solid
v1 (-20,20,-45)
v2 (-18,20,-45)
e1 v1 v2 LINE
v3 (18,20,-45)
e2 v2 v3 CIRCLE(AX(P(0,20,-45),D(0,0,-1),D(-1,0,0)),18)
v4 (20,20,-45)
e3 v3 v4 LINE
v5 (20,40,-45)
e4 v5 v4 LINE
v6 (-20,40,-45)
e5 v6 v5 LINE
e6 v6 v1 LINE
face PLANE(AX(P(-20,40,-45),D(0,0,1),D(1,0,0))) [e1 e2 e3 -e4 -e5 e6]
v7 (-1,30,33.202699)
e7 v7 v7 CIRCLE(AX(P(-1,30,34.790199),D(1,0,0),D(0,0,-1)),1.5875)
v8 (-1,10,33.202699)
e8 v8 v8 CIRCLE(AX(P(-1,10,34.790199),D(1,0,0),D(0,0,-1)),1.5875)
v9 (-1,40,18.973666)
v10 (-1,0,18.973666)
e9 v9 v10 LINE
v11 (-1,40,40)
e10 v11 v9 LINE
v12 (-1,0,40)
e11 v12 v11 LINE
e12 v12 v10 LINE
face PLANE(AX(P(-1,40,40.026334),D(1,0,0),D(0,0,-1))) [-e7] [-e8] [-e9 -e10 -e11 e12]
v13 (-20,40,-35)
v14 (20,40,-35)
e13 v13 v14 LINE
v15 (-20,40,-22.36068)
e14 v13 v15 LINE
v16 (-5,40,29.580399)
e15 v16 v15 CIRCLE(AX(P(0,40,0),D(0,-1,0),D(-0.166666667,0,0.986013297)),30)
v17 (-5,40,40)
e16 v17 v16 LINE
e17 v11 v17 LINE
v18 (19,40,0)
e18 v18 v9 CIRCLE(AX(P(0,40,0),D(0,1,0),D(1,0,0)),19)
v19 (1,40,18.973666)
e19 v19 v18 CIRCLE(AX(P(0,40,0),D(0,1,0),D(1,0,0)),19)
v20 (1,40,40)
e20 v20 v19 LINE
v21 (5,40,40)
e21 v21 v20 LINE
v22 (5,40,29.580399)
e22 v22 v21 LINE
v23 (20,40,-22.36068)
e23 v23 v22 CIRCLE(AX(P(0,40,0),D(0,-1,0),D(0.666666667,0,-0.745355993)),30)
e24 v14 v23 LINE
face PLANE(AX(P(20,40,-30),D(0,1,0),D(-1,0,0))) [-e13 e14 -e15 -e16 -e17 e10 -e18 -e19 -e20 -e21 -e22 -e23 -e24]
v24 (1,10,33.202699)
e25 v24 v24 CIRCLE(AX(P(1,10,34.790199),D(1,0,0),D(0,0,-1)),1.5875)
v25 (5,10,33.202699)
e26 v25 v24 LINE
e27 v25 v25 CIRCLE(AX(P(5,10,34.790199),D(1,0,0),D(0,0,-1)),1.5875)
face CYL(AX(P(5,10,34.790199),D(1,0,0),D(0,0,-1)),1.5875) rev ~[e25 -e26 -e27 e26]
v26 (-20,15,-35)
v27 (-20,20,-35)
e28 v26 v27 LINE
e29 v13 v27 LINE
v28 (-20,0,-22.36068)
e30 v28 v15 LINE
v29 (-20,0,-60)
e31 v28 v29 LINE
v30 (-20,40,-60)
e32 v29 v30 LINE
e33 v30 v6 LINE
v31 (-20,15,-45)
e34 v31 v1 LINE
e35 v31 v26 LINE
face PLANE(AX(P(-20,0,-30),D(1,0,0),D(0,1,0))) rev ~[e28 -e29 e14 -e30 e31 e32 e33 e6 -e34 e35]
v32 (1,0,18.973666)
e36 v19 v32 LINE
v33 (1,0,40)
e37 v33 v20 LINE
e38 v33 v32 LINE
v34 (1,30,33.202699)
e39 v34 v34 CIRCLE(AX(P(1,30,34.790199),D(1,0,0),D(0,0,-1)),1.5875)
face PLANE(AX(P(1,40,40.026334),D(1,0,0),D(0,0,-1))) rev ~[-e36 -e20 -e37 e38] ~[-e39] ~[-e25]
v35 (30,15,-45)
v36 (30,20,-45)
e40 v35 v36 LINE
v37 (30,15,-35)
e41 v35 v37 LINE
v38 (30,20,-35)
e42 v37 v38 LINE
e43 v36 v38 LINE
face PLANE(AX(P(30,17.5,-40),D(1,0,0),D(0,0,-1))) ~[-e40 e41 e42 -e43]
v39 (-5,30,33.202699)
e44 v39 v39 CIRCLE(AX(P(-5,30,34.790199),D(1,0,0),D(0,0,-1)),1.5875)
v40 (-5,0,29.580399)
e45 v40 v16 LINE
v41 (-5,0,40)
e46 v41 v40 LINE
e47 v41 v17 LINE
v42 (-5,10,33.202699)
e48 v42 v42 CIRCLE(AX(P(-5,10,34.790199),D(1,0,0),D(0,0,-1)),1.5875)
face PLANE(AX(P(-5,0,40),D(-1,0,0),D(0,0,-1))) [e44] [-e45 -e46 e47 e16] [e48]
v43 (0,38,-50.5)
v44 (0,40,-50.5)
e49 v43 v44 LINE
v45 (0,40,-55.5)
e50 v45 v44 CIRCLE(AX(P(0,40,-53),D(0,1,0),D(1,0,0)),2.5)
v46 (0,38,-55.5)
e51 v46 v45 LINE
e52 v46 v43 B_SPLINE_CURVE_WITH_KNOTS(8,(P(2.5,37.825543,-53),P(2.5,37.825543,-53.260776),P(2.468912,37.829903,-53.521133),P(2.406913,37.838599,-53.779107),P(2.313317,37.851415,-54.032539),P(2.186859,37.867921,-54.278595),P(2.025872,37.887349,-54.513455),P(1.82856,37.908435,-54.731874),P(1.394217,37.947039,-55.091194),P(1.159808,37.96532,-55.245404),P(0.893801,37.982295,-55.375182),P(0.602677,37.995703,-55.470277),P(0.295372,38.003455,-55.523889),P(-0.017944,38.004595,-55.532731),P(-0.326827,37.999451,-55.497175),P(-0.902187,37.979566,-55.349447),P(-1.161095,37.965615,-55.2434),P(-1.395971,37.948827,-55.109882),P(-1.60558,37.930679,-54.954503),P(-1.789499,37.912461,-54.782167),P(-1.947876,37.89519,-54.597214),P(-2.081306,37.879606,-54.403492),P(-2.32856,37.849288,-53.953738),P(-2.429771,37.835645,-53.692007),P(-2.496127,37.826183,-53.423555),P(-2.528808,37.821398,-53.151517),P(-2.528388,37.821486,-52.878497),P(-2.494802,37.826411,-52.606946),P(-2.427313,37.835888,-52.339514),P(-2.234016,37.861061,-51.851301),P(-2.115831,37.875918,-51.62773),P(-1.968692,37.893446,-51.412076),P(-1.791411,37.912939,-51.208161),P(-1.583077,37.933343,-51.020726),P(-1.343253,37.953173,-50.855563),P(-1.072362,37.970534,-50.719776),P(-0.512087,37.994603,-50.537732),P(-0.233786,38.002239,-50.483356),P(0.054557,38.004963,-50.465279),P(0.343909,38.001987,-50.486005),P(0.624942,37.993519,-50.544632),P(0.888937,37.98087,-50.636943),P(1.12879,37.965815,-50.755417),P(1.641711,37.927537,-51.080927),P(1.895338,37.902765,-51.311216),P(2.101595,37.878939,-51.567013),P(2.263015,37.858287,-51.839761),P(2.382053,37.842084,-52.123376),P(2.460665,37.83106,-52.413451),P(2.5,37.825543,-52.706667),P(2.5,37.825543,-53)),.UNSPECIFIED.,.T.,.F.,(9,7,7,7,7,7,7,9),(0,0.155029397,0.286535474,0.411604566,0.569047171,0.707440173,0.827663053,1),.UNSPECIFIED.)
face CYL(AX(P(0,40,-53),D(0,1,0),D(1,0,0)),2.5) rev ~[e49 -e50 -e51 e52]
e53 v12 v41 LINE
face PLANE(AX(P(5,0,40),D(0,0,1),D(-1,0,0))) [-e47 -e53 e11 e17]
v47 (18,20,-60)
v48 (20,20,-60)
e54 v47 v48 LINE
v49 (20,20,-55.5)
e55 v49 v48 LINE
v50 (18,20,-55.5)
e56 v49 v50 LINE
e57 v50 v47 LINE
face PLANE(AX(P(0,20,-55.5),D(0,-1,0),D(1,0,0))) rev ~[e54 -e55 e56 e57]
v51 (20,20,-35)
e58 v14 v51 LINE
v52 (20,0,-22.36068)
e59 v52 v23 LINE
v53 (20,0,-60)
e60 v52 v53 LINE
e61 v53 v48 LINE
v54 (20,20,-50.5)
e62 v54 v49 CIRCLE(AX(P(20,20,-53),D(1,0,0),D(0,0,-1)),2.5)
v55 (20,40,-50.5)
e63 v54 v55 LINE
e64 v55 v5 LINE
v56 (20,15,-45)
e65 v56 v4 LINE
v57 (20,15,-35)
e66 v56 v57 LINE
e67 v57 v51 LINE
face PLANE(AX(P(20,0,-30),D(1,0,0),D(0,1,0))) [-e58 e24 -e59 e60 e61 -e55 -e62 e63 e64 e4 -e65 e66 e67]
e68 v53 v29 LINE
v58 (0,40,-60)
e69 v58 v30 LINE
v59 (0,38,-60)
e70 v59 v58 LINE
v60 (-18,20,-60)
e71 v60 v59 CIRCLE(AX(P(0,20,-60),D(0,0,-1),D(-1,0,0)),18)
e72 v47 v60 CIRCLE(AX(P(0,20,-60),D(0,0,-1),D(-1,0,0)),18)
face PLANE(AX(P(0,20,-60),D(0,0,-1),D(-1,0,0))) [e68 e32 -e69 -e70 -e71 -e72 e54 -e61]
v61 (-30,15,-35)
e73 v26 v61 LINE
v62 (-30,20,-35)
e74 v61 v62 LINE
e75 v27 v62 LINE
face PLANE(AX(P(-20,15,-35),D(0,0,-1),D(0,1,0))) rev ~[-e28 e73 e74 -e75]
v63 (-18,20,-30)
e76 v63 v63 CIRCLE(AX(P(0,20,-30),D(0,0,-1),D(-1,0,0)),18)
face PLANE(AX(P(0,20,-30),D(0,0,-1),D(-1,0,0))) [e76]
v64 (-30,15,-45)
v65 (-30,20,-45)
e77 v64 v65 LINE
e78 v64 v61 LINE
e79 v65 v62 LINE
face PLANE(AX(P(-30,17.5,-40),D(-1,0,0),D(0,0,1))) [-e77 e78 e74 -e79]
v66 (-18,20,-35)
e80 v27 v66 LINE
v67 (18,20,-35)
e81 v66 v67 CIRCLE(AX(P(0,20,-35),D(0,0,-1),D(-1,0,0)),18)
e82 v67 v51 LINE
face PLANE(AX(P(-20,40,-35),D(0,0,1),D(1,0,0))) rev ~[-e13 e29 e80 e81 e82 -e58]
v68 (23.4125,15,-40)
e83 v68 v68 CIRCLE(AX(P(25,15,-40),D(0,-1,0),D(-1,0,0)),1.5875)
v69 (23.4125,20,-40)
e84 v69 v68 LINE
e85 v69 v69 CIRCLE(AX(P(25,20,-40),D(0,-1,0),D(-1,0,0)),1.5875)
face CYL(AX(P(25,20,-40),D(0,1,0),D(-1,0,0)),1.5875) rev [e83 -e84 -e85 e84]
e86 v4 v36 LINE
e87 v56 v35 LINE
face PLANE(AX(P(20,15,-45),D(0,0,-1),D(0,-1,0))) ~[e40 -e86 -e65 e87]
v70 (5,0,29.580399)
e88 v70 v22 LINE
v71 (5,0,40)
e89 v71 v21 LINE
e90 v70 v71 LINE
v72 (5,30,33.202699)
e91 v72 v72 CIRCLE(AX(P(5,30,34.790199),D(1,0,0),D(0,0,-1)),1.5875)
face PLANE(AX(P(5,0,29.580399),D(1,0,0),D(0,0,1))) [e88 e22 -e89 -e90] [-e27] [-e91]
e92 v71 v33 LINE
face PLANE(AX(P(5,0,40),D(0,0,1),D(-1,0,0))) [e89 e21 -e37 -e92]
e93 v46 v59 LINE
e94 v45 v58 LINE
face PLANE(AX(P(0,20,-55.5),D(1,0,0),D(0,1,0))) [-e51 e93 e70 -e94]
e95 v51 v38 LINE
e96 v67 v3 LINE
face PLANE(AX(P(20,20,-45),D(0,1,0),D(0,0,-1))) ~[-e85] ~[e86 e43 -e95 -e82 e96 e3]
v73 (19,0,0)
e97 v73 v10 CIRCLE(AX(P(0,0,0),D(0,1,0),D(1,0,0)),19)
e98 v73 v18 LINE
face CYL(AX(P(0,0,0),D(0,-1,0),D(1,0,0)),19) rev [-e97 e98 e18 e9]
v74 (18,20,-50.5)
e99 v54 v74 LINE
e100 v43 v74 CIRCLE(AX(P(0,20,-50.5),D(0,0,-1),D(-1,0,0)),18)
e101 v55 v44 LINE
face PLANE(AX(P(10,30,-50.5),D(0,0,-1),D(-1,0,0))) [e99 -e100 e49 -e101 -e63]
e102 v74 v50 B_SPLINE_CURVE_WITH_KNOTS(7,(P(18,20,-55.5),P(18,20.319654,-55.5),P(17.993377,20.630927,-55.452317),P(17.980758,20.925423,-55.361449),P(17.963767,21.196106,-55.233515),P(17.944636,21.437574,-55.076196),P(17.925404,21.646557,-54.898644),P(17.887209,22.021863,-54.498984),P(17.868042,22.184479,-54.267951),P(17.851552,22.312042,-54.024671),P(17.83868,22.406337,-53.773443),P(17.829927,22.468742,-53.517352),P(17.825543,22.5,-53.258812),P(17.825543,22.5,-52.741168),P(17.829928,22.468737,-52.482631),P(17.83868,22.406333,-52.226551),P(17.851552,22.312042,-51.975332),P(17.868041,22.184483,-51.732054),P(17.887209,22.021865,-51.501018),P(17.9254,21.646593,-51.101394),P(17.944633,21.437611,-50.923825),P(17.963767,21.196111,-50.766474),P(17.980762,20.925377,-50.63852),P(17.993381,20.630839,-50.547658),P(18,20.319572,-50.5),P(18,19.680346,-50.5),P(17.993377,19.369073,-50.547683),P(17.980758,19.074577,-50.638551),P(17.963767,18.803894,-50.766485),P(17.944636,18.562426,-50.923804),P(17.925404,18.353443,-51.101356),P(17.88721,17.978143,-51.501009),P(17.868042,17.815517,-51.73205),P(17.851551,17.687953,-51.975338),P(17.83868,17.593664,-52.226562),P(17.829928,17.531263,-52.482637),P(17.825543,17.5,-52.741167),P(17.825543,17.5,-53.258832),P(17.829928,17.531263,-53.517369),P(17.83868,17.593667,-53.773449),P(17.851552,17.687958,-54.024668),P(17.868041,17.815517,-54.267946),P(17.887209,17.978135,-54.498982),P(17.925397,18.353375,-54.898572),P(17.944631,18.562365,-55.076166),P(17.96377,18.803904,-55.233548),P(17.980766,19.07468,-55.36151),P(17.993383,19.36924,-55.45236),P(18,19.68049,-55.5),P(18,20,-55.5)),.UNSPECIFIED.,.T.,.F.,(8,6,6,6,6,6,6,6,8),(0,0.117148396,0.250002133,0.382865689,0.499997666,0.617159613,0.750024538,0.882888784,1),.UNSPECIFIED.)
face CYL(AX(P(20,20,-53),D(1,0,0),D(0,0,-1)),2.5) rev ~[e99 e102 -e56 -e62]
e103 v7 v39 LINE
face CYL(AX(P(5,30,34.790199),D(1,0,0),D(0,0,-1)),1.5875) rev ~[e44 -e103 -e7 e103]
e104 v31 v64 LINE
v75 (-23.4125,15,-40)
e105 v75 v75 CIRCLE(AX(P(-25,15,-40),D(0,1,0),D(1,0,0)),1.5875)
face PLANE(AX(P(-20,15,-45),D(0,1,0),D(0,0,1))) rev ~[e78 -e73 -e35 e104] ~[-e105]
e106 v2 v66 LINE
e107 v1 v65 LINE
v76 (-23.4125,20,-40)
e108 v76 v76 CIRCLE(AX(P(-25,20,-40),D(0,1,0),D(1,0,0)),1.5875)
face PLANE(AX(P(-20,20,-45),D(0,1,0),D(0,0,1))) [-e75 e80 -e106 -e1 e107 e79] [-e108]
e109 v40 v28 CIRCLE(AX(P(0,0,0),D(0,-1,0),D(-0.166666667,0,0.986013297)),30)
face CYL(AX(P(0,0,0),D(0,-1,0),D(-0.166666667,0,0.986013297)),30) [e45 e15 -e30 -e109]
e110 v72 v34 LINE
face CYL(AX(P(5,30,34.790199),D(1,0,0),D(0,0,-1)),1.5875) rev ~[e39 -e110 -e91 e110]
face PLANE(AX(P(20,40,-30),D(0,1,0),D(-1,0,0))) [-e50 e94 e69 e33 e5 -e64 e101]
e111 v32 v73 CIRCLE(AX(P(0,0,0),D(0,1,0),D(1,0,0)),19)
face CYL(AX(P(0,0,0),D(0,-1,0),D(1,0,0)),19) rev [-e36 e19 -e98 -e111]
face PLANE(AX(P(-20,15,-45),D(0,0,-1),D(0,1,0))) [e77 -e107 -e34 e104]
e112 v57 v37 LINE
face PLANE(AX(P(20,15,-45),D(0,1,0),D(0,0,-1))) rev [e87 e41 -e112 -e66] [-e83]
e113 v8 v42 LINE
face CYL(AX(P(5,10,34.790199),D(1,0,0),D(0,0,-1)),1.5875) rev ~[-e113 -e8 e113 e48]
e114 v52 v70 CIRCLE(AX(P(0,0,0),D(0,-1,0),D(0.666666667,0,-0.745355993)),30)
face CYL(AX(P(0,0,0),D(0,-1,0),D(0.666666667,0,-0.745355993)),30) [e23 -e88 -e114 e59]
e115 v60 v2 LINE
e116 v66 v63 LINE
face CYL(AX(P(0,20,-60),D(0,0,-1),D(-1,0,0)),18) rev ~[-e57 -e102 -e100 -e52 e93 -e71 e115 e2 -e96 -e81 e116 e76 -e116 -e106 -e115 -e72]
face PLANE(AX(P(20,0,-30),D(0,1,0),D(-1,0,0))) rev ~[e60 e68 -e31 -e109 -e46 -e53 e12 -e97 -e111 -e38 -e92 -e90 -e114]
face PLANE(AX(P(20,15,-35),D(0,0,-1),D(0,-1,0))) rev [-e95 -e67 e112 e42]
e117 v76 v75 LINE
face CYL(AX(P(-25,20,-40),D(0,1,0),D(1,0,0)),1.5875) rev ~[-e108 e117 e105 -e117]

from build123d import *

# Parameters (mm, degrees)
SKETCH1_R           = 19
BOSS_EXTRUDE1_DEPTH = 40
SKETCH4_W           = 40
SKETCH4_H           = 40
BOSS_EXTRUDE2_DEPTH = 30
SKETCH5_R           = 18
CUT_EXTRUDE3_DEPTH  = 30
SKETCH8_R           = 2.5
CUT_EXTRUDE5_DEPTH  = 10
SKETCH2_W           = 2
SKETCH2_H           = 21.052668078
CUT_EXTRUDE1_DEPTH  = 40
SKETCH3_R           = 1.5875
CUT_EXTRUDE2_DEPTH  = 35
SKETCH9_W           = 40
SKETCH9_H           = 10
CUT_EXTRUDE6_DEPTH  = 20
SKETCH10_W          = 10
SKETCH10_H          = 5
BOSS_EXTRUDE3_DEPTH = 10
SKETCH11_R          = 1.5875
CUT_EXTRUDE7_DEPTH  = 5
SKETCH12_W          = 20
SKETCH12_H          = 20
CUT_EXTRUDE9_DEPTH  = 2.5
CUT_EXTRUDE10_REACH = 52
SKETCH13_R          = 2.5
SKETCH14_W          = 20
SKETCH14_H          = 20
CUT_EXTRUDE11_DEPTH = 4.5


with BuildPart() as part:
    # Sketch1 → Boss-Extrude1 (new body)
    with BuildSketch(Plane(origin=(0, 0, 0), x_dir=(1, 0, 0), z_dir=(0, 1, 0))):
        with BuildLine():
            Line((5, -40), (-5, -40))
            Line((-5, -40), (-5, -29.580398915))
            ThreePointArc((-5, -29.580398915), (-28.822194814, -8.323526063), (-20, 22.360679775))
            Line((-20, 22.360679775), (-20, 30))
            Line((-20, 30), (20, 30))
            Line((20, 30), (20, 22.360679775))
            ThreePointArc((20, 22.360679775), (28.822194814, -8.323526063), (5, -29.580398915))
            Line((5, -29.580398915), (5, -40))
        make_face()
        Circle(SKETCH1_R, mode=Mode.SUBTRACT)
    extrude(amount=BOSS_EXTRUDE1_DEPTH)

    # Sketch4 → Boss-Extrude2 (add)
    with BuildSketch(Plane(origin=(0, 0, -30), x_dir=(-1, 0, 0), z_dir=(0, 0, -1))):
        with Locations((0, 20)):
            Rectangle(SKETCH4_W, SKETCH4_H)
    extrude(amount=BOSS_EXTRUDE2_DEPTH)

    # Sketch5 → Cut-Extrude3 (cut)
    with BuildSketch(Plane(origin=(0, 0, -60), x_dir=(-1, 0, 0), z_dir=(0, 0, -1))):
        with Locations((0, 20)):
            Circle(SKETCH5_R)
    extrude(amount=-CUT_EXTRUDE3_DEPTH, mode=Mode.SUBTRACT)

    # Sketch8 → Cut-Extrude5 (cut)
    with BuildSketch(Plane(origin=(0, 40, 0), x_dir=(1, 0, 0), z_dir=(0, 1, 0))):
        with Locations((0, 53)):
            Circle(SKETCH8_R)
    extrude(amount=-CUT_EXTRUDE5_DEPTH, mode=Mode.SUBTRACT)

    # Sketch2 → Cut-Extrude1 (cut)
    with BuildSketch(Plane(origin=(0, 40, 0), x_dir=(1, 0, 0), z_dir=(0, 1, 0))):
        with Locations((0, -29.5)):
            Rectangle(SKETCH2_W, SKETCH2_H)
    extrude(amount=-CUT_EXTRUDE1_DEPTH, mode=Mode.SUBTRACT)

    # Sketch3 → Cut-Extrude2 (cut)
    with BuildSketch(Plane(origin=(5, 0, 0), x_dir=(0, 0, -1), z_dir=(1, 0, 0))):
        with Locations((-34.790199458, 30)):
            Circle(SKETCH3_R)
        with Locations((-34.790199458, 10)):
            Circle(SKETCH3_R)
    extrude(amount=-CUT_EXTRUDE2_DEPTH, mode=Mode.SUBTRACT)

    # Sketch9 → Cut-Extrude6 (cut)
    with BuildSketch(Plane(origin=(0, 40, 0), x_dir=(1, 0, 0), z_dir=(0, 1, 0))):
        with Locations((0, 40)):
            Rectangle(SKETCH9_W, SKETCH9_H)
    extrude(amount=-CUT_EXTRUDE6_DEPTH, mode=Mode.SUBTRACT)

    # Sketch10 → Boss-Extrude3 (add)
    with BuildSketch(Plane.ZY.offset(20)):
        with Locations((-40, 17.5)):
            Rectangle(SKETCH10_W, SKETCH10_H)
    boss_extrude3 = extrude(amount=BOSS_EXTRUDE3_DEPTH)

    # Sketch11 → Cut-Extrude7 (cut)
    with BuildSketch(Plane(origin=(0, 20, 0), x_dir=(1, 0, 0), z_dir=(0, 1, 0))):
        with Locations((-25, 40)):
            Circle(SKETCH11_R)
    cut_extrude7 = extrude(amount=-CUT_EXTRUDE7_DEPTH, mode=Mode.SUBTRACT)

    # Mirror1: Boss-Extrude3, Cut-Extrude7 across plane
    add(boss_extrude3.mirror(Plane(origin=(0, 0, 0), x_dir=(0, 0, 1), z_dir=(1, 0, 0))))
    add(cut_extrude7.mirror(Plane(origin=(0, 0, 0), x_dir=(0, 0, 1), z_dir=(1, 0, 0))), mode=Mode.SUBTRACT)

    # Sketch12 → Cut-Extrude9 (cut, symmetric)
    with BuildSketch(Plane(origin=(0, 0, -53), x_dir=(-1, 0, 0), z_dir=(0, 0, -1))):
        with Locations((-10, 30)):
            Rectangle(SKETCH12_W, SKETCH12_H)
    extrude(amount=CUT_EXTRUDE9_DEPTH, both=True, mode=Mode.SUBTRACT)

    # Sketch13 → Cut-Extrude10 (cut, up to next)
    with BuildSketch(Plane(origin=(20, 0, 0), x_dir=(0, 0, -1), z_dir=(1, 0, 0)), mode=Mode.PRIVATE) as cut_extrude10_sk1:
        with Locations((53, 20)):
            Circle(SKETCH13_R)
    cut_extrude10_tool1 = extrude(cut_extrude10_sk1.sketch, amount=-CUT_EXTRUDE10_REACH, mode=Mode.PRIVATE) & part.part
    add(cut_extrude10_tool1.solids().sort_by_distance((20, 20, -53))[0], mode=Mode.SUBTRACT)

    # Sketch14 → Cut-Extrude11 (cut)
    with BuildSketch(Plane.XY.offset(-55.5)):
        with Locations((10, 30)):
            Rectangle(SKETCH14_W, SKETCH14_H)
    extrude(amount=-CUT_EXTRUDE11_DEPTH, mode=Mode.SUBTRACT)


solid = part.part
